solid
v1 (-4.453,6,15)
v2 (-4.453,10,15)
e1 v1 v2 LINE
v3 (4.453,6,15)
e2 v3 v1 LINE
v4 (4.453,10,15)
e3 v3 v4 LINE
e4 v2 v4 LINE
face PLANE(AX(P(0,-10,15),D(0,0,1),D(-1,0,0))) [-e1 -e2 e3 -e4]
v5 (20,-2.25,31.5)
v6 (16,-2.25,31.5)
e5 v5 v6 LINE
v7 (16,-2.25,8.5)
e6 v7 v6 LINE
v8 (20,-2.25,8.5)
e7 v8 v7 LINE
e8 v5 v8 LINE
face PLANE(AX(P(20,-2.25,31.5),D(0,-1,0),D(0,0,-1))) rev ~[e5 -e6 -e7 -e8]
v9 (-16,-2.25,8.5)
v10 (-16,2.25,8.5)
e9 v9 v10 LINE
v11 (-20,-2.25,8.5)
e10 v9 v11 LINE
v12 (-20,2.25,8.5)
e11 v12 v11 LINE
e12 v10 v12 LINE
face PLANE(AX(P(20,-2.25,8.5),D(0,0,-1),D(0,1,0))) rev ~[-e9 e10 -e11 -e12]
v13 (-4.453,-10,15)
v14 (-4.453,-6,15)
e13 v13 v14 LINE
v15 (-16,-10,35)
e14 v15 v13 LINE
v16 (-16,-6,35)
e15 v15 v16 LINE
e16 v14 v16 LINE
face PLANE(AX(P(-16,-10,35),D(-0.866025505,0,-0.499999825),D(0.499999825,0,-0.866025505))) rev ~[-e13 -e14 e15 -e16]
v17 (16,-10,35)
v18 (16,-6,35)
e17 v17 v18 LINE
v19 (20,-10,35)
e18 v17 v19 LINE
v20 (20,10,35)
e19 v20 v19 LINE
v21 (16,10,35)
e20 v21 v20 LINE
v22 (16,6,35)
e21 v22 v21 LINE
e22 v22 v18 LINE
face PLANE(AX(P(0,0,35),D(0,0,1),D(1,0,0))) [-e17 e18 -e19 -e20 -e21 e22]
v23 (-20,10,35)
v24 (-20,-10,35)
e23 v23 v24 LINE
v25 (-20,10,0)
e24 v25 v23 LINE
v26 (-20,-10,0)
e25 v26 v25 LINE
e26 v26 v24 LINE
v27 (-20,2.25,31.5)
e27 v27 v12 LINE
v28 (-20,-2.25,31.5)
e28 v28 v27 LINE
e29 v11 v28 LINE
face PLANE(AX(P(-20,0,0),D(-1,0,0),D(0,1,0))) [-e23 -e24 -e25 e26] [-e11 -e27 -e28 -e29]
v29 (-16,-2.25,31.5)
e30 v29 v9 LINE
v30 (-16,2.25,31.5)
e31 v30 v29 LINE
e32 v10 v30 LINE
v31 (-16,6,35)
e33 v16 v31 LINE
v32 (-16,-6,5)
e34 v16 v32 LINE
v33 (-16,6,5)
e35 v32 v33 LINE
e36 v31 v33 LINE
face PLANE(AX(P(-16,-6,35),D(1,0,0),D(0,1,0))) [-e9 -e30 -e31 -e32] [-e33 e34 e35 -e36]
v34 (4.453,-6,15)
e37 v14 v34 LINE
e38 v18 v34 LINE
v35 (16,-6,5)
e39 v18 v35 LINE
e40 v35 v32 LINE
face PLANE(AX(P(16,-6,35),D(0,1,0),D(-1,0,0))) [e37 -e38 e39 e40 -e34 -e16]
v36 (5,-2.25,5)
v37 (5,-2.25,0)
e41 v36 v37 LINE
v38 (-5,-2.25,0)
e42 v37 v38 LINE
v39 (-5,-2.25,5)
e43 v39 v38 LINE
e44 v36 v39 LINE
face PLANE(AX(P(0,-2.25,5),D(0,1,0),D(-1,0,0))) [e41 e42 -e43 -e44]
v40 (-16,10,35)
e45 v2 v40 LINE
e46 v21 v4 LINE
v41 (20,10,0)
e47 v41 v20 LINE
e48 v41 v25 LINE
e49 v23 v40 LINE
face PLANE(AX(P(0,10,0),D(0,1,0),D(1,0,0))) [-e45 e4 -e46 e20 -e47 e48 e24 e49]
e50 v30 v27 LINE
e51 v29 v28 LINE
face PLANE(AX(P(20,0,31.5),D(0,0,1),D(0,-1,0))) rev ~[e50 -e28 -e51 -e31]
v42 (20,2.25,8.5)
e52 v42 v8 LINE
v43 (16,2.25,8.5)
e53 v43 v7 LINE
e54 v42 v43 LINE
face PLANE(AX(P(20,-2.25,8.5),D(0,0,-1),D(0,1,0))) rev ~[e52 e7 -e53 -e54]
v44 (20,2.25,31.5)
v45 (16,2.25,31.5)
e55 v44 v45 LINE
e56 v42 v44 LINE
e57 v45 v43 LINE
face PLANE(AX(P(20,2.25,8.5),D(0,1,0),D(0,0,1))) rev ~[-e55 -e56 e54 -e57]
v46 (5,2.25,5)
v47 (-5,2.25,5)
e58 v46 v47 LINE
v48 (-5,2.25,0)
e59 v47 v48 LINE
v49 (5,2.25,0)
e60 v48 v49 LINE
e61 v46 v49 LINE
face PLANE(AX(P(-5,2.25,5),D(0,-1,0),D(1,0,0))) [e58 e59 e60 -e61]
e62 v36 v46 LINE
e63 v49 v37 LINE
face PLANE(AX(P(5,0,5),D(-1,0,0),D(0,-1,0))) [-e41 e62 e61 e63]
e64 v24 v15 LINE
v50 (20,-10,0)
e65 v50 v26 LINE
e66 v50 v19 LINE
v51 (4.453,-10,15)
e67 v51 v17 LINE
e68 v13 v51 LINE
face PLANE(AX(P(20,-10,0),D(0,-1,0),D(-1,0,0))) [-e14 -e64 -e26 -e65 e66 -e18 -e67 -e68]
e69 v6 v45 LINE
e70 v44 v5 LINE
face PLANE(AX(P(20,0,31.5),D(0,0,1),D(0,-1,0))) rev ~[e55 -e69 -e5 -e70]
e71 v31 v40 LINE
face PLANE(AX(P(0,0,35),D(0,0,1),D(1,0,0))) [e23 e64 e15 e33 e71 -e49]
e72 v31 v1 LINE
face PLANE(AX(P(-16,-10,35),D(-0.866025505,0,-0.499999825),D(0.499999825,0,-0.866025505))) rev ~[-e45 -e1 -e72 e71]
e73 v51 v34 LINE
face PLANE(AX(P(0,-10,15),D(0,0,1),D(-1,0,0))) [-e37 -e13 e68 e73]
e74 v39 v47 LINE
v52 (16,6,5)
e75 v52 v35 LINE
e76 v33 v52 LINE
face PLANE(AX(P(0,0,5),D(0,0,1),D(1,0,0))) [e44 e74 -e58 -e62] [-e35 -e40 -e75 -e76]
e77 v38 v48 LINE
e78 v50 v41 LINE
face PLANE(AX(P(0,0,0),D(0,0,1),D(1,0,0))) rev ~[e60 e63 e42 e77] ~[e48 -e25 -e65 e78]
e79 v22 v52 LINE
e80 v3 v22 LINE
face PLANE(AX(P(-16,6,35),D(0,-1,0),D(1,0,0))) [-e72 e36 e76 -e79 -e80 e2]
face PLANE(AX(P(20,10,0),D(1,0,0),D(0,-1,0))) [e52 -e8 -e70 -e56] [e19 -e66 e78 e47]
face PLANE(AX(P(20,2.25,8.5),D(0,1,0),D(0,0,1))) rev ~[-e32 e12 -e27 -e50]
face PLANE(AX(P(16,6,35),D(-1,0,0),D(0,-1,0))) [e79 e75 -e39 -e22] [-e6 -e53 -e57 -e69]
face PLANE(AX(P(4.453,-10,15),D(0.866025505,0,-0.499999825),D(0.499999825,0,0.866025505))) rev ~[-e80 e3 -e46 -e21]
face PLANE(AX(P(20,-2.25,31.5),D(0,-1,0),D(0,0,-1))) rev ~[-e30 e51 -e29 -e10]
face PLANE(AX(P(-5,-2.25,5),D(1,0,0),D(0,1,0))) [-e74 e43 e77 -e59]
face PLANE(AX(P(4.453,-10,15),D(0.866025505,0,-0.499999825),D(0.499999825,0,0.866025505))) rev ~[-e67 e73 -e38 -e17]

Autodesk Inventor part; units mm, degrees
ref_plane "YZ Plane" through (0, 0, 0) normal (1, 0, 0) x (0, 1, 0)
ref_plane "XZ Plane" through (0, 0, 0) normal (0, 1, 0) x (-1, 0, 0)
ref_plane "XY Plane" through (0, 0, 0) normal (0, 0, 1) x (1, 0, 0)
sketch "Náčrt1" plane through (0, 0, 0) normal (0, 0, 1) x (1, 0, 0)
  line L0 (0, 14) -> (0, -14) projected
  line L1 (-28, 0) -> (28, 0) projected
  line L2 (20, -10) -> (-20, -10)
  line L3 (-20, -10) -> (-20, 10)
  line L4 (-20, 10) -> (20, 10)
  line L5 (20, 10) -> (20, -10)
  point P0 (0, 0)
  dimension "d0" = 40
  dimension "d1" = 20
extrude "Vysunutí1" add sketch "Náčrt1" along normal blind 35
sketch "Náčrt2" plane through (0, 0, 35) normal (0, 0, 1) x (1, 0, 0)
  line L0 (20, 10) -> (-20, 10) projected
  line L1 (-20, 10) -> (-20, -10) projected
  line L2 (-20, -10) -> (20, -10) projected
  line L3 (20, -10) -> (20, 10) projected
  line L4 (-16, 6) -> (16, 6)
  line L5 (16, 6) -> (16, -6)
  line L6 (16, -6) -> (-16, -6)
  line L7 (-16, -6) -> (-16, 6)
  point P0 (0, 0)
  dimension "d4" = 4
extrude "Vysunutí2" cut sketch "Náčrt2" against normal blind 30 contours L4 L5 L6 L7
sketch "Náčrt3" plane through (0, 0, 5) normal (0, 0, 1) x (1, 0, 0)
  line L0 (16, -6) -> (-16, -6) projected
  line L1 (16, 6) -> (16, -6) projected
  line L2 (-16, 6) -> (16, 6) projected
  line L3 (-16, -6) -> (-16, 6) projected
  line L4 (0, 14) -> (0, -14) projected
  line L5 (-28, 0) -> (28, 0) projected
  line L6 (-5, 2.25) -> (5, 2.25)
  line L7 (5, 2.25) -> (5, -2.25)
  line L8 (5, -2.25) -> (-5, -2.25)
  line L9 (-5, -2.25) -> (-5, 2.25)
  point P0 (0, 0)
  dimension "d7" = 10
  dimension "d8" = 4.5
extrude "Vysunutí3" cut sketch "Náčrt3" against normal through all contours L8 L9 L5 L4 | L4 L5 L7 L8 | L5 L4 L6 L7 | L5 L9 L6 L4
sketch "Náčrt4" plane through (20, -10, 0) normal (1, 0, 0) x (0, 0, -1)
  line L0 (0, 0) -> (0, 20) projected
  line L1 (0, 20) -> (-35, 20) projected
  line L2 (-35, 0) -> (-35, 20) projected
  line L3 (0, 0) -> (-35, 0) projected
  line L4 (-42, 10) -> (7, 10) projected
  line L5 (0, -6) -> (0, 36) projected
  line L6 (-35, 16) -> (-5, 16) projected
  line L7 (-35, 4) -> (-5, 4) projected
  line L8 (-5, 16) -> (-5, 4) projected
  line L9 (-31.5, 7.75) -> (-8.5, 7.75)
  line L10 (-8.5, 7.75) -> (-8.5, 12.25)
  line L11 (-8.5, 12.25) -> (-31.5, 12.25)
  line L12 (-31.5, 12.25) -> (-31.5, 7.75)
  line L13 (-31.5, 10) -> (-8.5, 10)
  line L14 (-8.5, 10) -> (-8.5, 7.75)
  line L15 (-8.5, 7.75) -> (-31.5, 7.75)
  line L16 (-31.5, 7.75) -> (-31.5, 10)
  point P0 (0, 10)
  dimension "d11" = 4.5
  dimension "d12" = 23
  dimension "d13" = 3.5
extrude "Vysunutí4" cut sketch "Náčrt4" against normal through all contours L10 L9 L12 L4 | L4 L12 L11 L10
sketch "Náčrt5" plane through (-20, -10, 0) normal (0, -1, 0) x (1, 0, 0)
  line L0 (0, 0) -> (40, 0) projected
  line L1 (40, 0) -> (40, 35) projected
  line L2 (0, 35) -> (40, 35) projected
  line L3 (0, 0) -> (0, 35) projected
  line L4 (20, 42) -> (20, -7) projected
  line L5 (-8, 0) -> (48, 0) projected
  line L6 (4, 35) -> (4, 5) projected
  line L7 (36, 35) -> (36, 5) projected
  line L8 (4, 35) -> (15.547, 15)
  line L9 (24.453, 15) -> (36, 35)
  line L10 (24.453, 15) -> (15.547, 15)
  line L11 (36, 5) -> (4, 5) projected
  line L12 (4, 35) -> (36, 35)
  point P0 (20, 0)
  dimension "d16" = 30
  dimension "d17" = 30
  dimension "d18" = 10
extrude "Vysunutí5" cut sketch "Náčrt5" against normal through all contours L2 L4 L10 L8 | L4 L2 L9 L10
properties part number "uhelnik_30x30_M4_3D tisk"
